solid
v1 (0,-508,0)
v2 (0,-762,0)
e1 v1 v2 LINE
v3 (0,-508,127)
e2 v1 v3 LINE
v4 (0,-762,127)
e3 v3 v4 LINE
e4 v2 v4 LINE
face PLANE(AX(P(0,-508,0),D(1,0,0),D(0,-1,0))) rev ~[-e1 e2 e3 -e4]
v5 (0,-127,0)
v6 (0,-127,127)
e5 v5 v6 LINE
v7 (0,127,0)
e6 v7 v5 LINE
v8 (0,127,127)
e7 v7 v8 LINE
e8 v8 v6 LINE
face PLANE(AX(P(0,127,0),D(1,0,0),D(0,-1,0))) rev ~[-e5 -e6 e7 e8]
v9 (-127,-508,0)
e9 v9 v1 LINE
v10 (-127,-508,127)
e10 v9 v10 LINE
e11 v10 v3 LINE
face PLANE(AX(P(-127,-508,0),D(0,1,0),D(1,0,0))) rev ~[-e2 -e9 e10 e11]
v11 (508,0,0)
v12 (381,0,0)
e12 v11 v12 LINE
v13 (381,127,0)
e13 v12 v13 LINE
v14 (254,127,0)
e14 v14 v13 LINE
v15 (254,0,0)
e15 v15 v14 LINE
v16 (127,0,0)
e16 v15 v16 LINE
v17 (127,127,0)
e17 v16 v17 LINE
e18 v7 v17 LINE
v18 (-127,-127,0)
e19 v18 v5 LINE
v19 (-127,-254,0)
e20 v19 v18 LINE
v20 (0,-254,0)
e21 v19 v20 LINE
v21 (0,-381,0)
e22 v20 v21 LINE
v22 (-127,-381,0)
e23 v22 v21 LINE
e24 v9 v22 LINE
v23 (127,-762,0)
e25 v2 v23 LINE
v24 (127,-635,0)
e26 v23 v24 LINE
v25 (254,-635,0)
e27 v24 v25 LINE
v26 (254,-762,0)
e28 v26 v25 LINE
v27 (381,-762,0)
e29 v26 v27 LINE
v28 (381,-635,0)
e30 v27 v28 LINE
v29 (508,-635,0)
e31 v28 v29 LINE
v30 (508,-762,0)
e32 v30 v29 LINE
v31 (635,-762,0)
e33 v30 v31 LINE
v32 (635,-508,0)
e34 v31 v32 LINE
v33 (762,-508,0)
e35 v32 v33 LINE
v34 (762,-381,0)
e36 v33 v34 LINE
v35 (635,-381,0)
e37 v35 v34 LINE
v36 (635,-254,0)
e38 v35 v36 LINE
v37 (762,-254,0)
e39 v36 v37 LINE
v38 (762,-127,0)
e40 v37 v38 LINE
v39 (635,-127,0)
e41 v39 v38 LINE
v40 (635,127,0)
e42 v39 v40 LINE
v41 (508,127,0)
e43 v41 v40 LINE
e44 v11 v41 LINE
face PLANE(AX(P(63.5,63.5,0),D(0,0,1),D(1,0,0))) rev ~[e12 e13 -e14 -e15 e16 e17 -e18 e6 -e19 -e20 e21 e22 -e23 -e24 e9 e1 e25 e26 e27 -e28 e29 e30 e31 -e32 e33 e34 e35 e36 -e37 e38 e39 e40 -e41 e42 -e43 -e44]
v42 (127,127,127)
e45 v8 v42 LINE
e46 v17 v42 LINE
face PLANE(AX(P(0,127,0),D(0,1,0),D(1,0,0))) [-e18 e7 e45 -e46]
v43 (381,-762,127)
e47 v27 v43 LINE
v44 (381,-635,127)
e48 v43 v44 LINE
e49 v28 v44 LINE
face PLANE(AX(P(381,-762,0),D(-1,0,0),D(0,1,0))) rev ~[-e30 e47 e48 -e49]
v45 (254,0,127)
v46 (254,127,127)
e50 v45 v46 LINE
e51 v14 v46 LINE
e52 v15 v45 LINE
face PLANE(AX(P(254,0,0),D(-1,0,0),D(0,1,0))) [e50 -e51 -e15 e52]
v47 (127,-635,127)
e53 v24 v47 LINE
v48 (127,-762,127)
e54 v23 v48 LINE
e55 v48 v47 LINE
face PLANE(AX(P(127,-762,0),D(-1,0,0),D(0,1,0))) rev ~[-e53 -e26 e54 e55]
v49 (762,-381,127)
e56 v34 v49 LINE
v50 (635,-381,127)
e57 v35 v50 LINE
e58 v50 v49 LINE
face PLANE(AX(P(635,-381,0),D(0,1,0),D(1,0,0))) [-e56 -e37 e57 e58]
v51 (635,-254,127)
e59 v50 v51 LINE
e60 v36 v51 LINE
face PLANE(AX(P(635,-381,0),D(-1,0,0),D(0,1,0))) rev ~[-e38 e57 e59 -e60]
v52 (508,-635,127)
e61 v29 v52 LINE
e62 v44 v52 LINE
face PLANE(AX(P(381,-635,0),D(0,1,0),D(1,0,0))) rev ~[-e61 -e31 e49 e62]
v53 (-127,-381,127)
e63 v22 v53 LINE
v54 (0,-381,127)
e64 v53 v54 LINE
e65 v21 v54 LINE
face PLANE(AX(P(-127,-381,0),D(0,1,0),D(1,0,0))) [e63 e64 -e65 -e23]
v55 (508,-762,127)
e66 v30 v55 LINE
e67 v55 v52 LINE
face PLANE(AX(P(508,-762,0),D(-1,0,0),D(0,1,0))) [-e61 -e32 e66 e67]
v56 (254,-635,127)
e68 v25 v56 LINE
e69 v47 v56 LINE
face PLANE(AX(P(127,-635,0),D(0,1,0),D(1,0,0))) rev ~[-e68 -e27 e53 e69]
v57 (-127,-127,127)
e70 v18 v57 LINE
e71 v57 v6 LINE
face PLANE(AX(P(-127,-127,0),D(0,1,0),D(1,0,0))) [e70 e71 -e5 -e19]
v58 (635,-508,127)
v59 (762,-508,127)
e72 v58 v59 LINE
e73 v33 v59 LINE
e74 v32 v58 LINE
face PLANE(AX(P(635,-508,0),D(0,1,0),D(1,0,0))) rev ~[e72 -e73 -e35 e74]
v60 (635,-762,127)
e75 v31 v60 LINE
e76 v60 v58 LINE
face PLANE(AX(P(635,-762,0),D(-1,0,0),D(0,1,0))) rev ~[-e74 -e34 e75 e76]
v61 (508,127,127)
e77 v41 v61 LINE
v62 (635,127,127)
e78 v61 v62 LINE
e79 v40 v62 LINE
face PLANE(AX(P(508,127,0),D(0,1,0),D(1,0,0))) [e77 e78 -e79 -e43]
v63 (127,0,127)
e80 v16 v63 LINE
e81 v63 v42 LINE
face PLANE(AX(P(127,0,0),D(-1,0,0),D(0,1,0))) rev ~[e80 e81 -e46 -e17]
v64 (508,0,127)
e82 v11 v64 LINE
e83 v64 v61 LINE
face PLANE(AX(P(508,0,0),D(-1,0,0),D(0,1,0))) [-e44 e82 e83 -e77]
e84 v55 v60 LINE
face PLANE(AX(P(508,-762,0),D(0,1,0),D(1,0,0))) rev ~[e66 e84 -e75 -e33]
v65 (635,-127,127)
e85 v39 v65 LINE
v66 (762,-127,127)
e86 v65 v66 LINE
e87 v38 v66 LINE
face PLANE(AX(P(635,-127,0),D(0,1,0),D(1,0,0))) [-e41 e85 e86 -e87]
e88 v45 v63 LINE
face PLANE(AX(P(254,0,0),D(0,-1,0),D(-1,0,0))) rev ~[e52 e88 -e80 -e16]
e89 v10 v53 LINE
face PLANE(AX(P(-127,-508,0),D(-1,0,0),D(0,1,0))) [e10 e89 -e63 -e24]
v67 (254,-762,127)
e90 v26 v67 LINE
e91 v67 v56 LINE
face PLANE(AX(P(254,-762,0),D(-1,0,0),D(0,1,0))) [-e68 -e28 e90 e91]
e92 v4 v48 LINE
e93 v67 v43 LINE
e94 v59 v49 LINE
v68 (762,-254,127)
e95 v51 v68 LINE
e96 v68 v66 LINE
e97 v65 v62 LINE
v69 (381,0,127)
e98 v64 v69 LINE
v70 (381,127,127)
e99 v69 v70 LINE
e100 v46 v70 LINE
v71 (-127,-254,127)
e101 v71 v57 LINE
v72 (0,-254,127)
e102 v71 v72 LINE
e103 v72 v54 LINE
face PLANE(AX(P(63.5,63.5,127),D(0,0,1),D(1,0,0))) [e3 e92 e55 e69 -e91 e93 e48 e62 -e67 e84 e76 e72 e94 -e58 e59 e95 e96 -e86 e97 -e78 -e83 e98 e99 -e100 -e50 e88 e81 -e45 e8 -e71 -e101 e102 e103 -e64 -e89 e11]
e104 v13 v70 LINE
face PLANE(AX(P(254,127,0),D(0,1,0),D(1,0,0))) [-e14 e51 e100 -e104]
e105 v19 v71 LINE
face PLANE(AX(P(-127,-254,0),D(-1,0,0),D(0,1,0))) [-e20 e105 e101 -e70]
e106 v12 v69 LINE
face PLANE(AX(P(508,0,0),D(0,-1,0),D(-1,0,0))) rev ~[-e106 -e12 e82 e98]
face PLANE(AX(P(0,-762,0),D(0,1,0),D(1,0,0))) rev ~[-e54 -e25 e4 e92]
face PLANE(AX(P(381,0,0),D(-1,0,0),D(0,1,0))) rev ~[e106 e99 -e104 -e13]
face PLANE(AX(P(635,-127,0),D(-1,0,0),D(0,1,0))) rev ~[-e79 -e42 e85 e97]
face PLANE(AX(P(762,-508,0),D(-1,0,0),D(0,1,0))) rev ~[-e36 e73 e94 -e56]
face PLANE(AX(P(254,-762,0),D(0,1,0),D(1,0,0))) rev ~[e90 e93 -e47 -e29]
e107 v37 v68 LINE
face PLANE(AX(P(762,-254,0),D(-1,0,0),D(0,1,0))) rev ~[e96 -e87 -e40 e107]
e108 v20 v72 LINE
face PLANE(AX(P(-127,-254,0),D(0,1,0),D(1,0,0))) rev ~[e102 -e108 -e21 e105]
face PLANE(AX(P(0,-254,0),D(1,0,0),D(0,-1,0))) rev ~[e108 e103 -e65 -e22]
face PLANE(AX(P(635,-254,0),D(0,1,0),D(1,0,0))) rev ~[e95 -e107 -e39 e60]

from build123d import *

# Parameters (mm, degrees)
F0_W     = 127
F0_H     = 127
F1_DEPTH = 127


with BuildPart() as f1:
    # F0 (on Top) → F1 (new body)
    with BuildSketch(Plane.XY):
        with Locations((63.5, 63.5)):
            Rectangle(F0_W, F0_H)
        Polygon((127, 0), (0, 0), (0, -127), (0, -254), (0, -381), (0, -508), (0, -635), (127, -635), (254, -635), (381, -635), (508, -635), (635, -635), (635, -508), (635, -381), (635, -254), (635, -127), (635, 0), (508, 0), (381, 0), (254, 0), align=None)
        with Locations((-63.5, -190.5)):
            Rectangle(F0_W, F0_H)
        with Locations((317.5, 63.5)):
            Rectangle(F0_W, F0_H)
        with Locations((-63.5, -444.5)):
            Rectangle(F0_W, F0_H)
        with Locations((571.5, 63.5)):
            Rectangle(F0_W, F0_H)
        with Locations((63.5, -698.5)):
            Rectangle(F0_W, F0_H)
        with Locations((698.5, -190.5)):
            Rectangle(F0_W, F0_H)
        with Locations((317.5, -698.5)):
            Rectangle(F0_W, F0_H)
        with Locations((698.5, -444.5)):
            Rectangle(F0_W, F0_H)
        with Locations((571.5, -698.5)):
            Rectangle(F0_W, F0_H)
    extrude(amount=F1_DEPTH)


solid = f1.part
